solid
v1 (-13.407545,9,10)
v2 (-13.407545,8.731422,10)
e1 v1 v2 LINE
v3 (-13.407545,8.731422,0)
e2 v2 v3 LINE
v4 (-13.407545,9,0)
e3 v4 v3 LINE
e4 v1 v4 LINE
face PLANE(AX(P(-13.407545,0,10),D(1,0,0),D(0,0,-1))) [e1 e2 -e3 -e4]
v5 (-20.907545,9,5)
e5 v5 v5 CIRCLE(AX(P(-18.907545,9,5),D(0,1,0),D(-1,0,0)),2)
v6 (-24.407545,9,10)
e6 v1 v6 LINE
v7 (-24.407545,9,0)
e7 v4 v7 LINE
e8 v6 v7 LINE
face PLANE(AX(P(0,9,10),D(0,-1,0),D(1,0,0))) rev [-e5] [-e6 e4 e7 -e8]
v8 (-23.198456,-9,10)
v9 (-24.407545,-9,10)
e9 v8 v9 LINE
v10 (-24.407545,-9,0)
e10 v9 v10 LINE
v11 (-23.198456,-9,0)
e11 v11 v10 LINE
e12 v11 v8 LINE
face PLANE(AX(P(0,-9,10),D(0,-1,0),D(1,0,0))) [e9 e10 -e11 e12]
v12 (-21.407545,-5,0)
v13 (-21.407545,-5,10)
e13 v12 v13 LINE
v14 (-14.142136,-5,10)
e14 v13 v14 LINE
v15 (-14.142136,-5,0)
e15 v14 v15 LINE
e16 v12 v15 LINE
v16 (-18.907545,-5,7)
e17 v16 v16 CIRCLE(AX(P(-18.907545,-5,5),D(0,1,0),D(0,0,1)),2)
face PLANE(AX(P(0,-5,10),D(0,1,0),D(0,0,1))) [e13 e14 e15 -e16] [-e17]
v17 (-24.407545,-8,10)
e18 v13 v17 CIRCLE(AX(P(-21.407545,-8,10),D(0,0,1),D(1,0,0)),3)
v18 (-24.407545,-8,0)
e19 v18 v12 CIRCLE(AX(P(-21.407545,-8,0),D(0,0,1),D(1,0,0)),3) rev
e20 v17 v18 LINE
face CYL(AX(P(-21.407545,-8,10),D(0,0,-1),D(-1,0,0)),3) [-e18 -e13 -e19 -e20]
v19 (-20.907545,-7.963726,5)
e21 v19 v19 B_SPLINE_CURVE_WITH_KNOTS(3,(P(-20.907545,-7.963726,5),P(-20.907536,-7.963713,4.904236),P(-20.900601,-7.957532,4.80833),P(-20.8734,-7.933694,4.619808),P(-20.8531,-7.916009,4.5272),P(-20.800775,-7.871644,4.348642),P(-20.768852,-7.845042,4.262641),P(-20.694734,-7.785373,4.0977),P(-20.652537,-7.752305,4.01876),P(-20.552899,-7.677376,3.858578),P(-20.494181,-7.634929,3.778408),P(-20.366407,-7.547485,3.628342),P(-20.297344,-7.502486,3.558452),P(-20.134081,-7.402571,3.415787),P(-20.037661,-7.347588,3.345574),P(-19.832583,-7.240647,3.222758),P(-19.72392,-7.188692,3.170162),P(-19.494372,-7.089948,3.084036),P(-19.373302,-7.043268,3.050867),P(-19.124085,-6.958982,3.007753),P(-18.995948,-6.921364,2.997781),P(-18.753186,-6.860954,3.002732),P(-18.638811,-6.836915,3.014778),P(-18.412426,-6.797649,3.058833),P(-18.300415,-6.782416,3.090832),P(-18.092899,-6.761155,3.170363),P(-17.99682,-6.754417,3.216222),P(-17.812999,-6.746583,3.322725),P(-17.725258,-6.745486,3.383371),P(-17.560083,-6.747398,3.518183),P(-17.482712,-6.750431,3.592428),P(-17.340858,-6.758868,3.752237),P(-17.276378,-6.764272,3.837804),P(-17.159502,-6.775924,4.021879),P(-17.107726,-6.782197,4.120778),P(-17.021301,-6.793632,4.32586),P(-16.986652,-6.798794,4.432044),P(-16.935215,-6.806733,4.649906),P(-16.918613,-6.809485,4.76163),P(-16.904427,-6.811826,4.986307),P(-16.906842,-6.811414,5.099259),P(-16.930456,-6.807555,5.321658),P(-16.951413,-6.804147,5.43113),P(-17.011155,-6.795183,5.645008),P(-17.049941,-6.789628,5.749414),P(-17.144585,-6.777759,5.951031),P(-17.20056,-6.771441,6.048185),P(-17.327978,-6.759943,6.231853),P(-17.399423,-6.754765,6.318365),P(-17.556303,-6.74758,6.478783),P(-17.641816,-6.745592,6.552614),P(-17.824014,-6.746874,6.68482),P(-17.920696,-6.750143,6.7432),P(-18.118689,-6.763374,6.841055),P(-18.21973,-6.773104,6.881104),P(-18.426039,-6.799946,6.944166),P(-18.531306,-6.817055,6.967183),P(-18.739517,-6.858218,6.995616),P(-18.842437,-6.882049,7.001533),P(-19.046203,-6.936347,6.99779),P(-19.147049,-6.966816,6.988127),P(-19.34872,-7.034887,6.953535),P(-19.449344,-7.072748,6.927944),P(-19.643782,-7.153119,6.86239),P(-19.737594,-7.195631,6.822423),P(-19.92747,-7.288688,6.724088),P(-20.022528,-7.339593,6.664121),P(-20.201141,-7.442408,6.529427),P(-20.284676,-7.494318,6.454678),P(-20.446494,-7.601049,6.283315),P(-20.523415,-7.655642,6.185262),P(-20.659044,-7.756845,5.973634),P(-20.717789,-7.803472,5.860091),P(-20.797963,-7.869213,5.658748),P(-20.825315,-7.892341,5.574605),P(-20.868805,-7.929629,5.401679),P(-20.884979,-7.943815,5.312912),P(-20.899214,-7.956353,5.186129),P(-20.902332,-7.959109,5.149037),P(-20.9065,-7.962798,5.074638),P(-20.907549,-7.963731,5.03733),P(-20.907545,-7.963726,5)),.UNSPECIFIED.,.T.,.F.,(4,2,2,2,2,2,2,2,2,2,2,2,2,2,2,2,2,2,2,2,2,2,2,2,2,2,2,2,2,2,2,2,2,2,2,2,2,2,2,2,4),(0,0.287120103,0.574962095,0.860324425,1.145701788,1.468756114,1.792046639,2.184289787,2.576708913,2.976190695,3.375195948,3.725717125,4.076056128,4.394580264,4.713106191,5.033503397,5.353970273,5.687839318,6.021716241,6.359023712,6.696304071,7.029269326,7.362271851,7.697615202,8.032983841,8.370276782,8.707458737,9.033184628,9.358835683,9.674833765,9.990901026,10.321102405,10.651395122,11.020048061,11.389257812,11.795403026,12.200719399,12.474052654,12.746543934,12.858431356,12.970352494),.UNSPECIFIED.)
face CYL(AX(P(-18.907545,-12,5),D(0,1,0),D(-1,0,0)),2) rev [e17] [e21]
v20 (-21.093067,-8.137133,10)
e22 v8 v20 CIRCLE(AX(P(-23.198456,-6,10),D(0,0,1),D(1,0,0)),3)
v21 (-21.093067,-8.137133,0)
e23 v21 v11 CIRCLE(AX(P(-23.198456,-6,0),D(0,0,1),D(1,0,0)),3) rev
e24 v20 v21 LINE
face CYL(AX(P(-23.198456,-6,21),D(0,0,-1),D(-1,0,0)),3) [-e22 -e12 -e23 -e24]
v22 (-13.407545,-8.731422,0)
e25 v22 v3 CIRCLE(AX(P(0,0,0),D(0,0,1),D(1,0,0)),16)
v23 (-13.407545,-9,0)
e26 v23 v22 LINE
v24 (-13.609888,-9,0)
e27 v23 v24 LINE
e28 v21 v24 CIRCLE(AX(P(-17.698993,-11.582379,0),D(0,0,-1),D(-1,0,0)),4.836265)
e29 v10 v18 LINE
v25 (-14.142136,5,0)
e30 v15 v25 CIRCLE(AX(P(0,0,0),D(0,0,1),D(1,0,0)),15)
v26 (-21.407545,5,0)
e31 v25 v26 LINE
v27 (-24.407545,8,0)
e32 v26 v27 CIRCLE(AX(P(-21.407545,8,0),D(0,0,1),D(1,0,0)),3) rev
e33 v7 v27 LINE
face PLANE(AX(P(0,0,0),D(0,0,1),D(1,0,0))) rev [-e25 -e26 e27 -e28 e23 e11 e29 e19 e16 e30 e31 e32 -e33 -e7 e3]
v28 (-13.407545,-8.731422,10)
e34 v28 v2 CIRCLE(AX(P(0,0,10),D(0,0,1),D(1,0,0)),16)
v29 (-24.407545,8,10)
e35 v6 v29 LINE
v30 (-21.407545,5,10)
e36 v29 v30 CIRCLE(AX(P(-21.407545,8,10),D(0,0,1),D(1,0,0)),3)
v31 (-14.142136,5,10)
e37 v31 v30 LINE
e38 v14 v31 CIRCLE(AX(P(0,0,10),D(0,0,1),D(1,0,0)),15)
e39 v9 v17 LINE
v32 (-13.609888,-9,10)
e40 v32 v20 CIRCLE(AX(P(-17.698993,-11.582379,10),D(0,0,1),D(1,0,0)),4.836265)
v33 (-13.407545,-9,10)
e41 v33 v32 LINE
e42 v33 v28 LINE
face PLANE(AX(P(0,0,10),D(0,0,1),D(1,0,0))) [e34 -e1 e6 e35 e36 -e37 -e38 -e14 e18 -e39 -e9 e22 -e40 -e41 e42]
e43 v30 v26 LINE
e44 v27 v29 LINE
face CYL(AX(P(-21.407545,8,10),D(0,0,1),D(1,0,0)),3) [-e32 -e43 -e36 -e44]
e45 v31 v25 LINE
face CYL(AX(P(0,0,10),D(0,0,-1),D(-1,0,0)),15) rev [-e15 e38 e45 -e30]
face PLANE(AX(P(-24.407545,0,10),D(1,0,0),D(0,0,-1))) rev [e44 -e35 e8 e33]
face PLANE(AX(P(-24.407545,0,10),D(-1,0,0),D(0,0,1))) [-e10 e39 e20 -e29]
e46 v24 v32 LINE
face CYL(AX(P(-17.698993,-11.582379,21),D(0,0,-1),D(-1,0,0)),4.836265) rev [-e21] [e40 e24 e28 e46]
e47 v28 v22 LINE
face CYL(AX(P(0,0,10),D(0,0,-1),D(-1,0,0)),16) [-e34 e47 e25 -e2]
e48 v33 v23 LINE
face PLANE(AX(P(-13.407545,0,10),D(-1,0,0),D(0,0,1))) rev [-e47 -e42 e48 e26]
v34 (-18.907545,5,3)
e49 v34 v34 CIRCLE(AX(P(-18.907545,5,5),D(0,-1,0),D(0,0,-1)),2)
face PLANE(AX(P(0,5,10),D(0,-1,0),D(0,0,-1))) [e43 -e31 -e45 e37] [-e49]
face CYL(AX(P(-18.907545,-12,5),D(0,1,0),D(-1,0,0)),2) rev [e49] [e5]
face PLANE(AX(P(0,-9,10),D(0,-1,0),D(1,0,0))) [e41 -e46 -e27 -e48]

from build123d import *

# Parameters (mm, degrees)
SALIENTE_EXTRUIR4_DEPTH = 10
REDONDEO4_R             = 3
CROQUIS4_R              = 2
CORTAR_EXTRUIR1_DEPTH   = 21
CROQUIS5_R              = 4.836264875
CORTAR_EXTRUIR2_DEPTH   = 21
REDONDEO5_R             = 3


with BuildPart() as part:
    # Croquis1 → Saliente-Extruir4 (new body)
    with BuildSketch(Plane.XY):
        with BuildLine():
            ThreePointArc((-15.198684154, 5), (-14.424283954, 6.923874089), (-13.407545238, 8.731422032))
            Line((-13.407545238, 8.731422032), (-13.407545238, 9))
            Line((-13.407545238, 9), (-24.407545238, 9))
            Line((-24.407545238, 9), (-24.407545238, 5))
            Line((-24.407545238, 5), (-15.198684154, 5))
        make_face()
        with BuildLine():
            Line((15, 0), (16, 0))
            ThreePointArc((16, 0), (4.554079281, 15.338199435), (-13.407545238, 8.731422032))
            ThreePointArc((-13.407545238, 8.731422032), (-14.424283954, 6.923874089), (-15.198684154, 5))
            Line((-15.198684154, 5), (-14.142135624, 5))
            ThreePointArc((-14.142135624, 5), (2.536529681, 14.783978395), (15, 0))
        make_face()
        with BuildLine():
            Line((-13.407545238, -9), (-13.407545238, -8.731422032))
            ThreePointArc((-13.407545238, -8.731422032), (-14.424283954, -6.923874089), (-15.198684154, -5))
            Line((-15.198684154, -5), (-24.407545238, -5))
            Line((-24.407545238, -5), (-24.407545238, -9))
            Line((-24.407545238, -9), (-13.407545238, -9))
        make_face()
        with BuildLine():
            ThreePointArc((-13.407545238, -8.731422032), (4.554079281, -15.338199435), (16, 0))
            Line((16, 0), (15, 0))
            ThreePointArc((15, 0), (2.536529681, -14.783978395), (-14.142135624, -5))
            Line((-14.142135624, -5), (-15.198684154, -5))
            ThreePointArc((-15.198684154, -5), (-14.424283954, -6.923874089), (-13.407545238, -8.731422032))
        make_face()
    extrude(amount=SALIENTE_EXTRUIR4_DEPTH)

    # Redondeo4
    redondeo4_edges = [part.edges().sort_by_distance(p)[0] for p in [
        (-24.407545238, 5, 5),
        (-24.407545238, -5, 5),
    ]]
    fillet(redondeo4_edges, radius=REDONDEO4_R)

    # Croquis4 → Cortar-Extruir1 (cut)
    with BuildSketch(Plane(origin=(0, 9, 0), x_dir=(1, 0, 0), z_dir=(0, 1, 0))):
        with Locations((-18.907545238, -5)):
            Circle(CROQUIS4_R)
    extrude(amount=-CORTAR_EXTRUIR1_DEPTH, mode=Mode.SUBTRACT)

    # Croquis5 → Cortar-Extruir2 (cut)
    with BuildSketch(Plane(origin=(0, 0, 0), x_dir=(-1, 0, 0), z_dir=(0, 0, -1))):
        with Locations((17.698992991, -11.582378958)):
            Circle(CROQUIS5_R)
    extrude(amount=-CORTAR_EXTRUIR2_DEPTH, mode=Mode.SUBTRACT)

    # Redondeo5
    redondeo5_edges = [part.edges().sort_by_distance(p)[0] for p in [
        (-21.788097643, -9, 5),
    ]]
    fillet(redondeo5_edges, radius=REDONDEO5_R)


solid = part.part
